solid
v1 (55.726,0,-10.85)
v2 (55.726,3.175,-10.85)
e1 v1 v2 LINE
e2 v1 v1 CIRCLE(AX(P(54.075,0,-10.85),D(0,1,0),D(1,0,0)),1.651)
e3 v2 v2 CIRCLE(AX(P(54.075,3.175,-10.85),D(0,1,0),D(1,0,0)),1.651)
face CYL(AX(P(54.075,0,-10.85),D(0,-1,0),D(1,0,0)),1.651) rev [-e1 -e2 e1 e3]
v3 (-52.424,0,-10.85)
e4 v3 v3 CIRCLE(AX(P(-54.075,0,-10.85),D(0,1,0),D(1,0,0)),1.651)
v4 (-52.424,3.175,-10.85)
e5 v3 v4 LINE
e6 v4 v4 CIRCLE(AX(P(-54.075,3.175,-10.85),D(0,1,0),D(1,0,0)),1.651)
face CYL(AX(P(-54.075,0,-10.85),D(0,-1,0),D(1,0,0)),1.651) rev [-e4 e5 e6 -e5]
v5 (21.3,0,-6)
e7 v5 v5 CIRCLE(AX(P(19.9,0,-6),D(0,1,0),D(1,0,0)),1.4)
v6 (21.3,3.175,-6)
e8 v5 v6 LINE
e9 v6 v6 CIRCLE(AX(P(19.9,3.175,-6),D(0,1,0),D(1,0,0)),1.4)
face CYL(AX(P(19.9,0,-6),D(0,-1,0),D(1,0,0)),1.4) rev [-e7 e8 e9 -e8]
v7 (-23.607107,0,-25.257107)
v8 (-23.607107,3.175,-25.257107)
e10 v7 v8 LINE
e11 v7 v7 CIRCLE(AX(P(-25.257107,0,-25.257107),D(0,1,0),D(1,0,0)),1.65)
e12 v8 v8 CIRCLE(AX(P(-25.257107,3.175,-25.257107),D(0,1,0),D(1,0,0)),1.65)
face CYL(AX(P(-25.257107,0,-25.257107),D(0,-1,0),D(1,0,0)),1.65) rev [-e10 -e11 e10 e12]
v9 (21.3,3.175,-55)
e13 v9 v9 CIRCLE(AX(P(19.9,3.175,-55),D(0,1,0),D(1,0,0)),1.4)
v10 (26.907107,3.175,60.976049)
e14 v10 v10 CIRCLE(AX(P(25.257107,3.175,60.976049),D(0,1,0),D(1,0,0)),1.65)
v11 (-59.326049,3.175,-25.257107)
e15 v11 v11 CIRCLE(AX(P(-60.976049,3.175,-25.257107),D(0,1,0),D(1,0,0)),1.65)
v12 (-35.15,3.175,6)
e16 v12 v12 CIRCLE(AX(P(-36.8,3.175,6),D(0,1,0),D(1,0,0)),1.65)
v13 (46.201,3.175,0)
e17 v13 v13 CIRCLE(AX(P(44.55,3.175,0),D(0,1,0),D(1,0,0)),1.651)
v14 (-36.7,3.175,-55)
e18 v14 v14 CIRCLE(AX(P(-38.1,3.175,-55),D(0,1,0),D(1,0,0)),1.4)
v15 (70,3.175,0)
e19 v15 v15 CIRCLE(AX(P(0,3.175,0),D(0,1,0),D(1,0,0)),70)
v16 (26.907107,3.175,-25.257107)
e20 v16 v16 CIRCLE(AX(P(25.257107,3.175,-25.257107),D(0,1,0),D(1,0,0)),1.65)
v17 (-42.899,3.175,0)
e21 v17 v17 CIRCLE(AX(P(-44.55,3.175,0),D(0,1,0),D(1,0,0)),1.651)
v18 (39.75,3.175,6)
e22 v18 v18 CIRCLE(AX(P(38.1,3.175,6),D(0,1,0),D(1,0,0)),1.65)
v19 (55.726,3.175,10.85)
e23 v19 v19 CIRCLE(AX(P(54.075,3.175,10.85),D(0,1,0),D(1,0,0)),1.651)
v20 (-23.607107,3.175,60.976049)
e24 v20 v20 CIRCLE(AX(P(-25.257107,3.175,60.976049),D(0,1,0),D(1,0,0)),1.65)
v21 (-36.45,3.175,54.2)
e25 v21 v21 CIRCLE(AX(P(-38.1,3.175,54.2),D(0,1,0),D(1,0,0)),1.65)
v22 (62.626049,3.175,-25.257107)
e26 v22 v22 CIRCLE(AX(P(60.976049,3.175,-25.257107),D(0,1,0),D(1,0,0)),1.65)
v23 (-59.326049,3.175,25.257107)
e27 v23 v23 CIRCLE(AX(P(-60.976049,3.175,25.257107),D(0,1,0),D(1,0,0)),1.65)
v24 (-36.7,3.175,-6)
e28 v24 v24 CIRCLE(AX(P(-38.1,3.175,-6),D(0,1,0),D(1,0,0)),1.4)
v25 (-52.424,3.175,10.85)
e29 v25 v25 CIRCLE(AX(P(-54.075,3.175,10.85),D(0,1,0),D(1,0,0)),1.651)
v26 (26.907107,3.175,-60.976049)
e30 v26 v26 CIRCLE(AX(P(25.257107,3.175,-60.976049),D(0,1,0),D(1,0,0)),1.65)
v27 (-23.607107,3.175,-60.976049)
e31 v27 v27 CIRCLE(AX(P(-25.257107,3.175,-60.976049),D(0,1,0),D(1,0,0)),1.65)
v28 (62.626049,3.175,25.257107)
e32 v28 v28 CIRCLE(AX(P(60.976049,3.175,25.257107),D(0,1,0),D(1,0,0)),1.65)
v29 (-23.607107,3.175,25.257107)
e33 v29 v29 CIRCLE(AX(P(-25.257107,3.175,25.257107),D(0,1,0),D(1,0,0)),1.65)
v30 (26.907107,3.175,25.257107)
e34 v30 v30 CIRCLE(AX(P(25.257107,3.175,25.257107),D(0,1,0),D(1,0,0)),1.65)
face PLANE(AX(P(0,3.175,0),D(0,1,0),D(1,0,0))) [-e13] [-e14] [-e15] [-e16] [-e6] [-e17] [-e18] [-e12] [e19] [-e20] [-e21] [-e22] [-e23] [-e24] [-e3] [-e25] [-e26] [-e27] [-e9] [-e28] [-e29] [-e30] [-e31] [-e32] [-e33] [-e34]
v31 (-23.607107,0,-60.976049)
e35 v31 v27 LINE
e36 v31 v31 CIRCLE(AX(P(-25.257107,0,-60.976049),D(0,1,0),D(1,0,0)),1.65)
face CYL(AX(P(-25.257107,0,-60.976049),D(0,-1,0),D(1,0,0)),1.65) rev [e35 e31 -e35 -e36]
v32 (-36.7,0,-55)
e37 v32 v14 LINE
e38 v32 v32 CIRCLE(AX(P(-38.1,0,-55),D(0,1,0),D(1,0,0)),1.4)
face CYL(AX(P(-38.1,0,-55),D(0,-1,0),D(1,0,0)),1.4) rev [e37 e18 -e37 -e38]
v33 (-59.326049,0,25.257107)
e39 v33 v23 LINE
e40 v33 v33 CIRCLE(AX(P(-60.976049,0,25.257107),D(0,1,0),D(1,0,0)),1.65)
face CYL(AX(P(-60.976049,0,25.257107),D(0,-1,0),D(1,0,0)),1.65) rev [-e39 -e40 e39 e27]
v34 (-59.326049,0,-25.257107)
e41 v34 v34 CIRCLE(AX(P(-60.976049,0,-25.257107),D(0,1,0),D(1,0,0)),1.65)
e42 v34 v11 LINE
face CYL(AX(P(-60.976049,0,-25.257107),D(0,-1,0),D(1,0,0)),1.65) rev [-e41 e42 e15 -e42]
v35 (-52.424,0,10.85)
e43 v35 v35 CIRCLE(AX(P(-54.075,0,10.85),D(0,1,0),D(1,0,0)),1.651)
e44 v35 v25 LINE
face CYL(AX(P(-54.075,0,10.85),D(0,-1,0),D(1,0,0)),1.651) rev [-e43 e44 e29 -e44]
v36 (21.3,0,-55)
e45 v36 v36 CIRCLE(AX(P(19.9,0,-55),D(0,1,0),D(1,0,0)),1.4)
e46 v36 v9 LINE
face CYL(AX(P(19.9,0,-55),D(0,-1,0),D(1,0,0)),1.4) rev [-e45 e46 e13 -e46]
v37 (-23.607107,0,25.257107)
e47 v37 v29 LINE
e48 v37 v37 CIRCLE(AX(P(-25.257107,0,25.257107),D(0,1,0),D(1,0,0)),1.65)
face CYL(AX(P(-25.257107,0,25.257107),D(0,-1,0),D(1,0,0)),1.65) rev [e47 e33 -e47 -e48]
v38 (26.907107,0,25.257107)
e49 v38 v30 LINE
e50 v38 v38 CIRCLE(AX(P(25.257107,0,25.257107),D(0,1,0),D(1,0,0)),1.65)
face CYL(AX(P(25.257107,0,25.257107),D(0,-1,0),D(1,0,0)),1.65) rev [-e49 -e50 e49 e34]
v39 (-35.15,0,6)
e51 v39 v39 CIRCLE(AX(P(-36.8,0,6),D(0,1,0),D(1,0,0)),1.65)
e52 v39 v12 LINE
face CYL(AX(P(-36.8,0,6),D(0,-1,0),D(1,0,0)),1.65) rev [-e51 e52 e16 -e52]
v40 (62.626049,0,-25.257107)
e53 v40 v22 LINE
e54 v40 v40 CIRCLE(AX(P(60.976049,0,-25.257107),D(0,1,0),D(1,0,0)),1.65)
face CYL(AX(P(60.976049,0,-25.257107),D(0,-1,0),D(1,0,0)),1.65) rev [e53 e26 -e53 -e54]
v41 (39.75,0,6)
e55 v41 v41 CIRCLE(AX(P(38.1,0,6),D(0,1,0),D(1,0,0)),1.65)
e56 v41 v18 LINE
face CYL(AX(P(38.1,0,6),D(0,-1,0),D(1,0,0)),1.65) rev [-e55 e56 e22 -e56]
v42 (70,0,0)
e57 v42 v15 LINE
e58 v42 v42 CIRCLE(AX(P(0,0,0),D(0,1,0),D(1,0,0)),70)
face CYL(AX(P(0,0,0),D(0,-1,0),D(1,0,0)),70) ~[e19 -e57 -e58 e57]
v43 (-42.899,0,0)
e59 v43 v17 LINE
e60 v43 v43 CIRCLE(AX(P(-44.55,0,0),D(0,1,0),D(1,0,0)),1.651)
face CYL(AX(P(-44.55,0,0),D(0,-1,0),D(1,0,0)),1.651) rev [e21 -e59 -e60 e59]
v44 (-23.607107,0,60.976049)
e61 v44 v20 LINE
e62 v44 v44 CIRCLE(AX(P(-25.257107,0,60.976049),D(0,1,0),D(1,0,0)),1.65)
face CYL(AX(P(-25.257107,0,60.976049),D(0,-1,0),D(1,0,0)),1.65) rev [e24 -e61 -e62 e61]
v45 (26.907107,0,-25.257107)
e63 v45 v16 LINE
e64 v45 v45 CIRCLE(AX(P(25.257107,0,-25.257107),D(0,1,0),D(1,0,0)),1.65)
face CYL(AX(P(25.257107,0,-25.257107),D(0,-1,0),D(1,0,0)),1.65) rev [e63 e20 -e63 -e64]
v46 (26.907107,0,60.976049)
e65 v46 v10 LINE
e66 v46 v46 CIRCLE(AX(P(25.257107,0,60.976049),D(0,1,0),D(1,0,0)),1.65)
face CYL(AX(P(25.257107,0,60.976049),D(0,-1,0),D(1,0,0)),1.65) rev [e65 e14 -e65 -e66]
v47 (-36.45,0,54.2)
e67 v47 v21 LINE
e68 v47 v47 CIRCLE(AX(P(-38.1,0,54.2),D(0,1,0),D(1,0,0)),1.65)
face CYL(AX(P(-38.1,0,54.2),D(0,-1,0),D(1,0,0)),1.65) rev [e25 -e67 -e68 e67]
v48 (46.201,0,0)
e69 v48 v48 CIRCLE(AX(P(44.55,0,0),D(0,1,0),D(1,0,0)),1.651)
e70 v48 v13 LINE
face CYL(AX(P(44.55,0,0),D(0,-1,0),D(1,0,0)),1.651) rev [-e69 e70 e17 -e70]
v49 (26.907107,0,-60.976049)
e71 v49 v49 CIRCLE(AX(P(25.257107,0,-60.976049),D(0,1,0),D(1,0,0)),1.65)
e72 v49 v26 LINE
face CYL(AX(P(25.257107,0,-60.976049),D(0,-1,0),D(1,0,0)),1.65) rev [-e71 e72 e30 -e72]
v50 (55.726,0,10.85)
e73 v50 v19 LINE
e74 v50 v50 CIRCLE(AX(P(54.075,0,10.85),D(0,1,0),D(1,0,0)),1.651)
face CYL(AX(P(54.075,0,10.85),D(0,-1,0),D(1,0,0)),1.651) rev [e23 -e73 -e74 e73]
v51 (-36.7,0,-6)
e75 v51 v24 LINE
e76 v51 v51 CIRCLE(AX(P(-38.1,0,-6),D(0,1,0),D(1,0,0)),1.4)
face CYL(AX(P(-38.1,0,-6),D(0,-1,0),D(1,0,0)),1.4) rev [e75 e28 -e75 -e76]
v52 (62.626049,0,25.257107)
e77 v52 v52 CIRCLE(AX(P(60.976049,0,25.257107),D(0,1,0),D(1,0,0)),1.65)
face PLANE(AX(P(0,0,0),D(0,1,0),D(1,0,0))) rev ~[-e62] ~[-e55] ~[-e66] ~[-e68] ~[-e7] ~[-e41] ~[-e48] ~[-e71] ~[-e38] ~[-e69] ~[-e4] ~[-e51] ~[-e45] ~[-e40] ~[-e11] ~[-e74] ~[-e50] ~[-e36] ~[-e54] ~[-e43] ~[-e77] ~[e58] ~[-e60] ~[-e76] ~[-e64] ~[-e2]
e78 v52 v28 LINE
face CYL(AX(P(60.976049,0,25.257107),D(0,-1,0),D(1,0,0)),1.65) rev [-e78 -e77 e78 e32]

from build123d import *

# Parameters (mm, degrees)
BASE_W_MOTOR_MOUNTS_R     = 70
BASE_W_MOTOR_MOUNTS_R_2   = 1.651
BOSS_EXTRUDE1_DEPTH       = 3.175
STANDOFFS_TOP_BOTTOM_R    = 1.65
CUT_EXTRUDE2_DEPTH        = 3.175
PI_AND_MEGA_STANDOFFS_R   = 1.4
PI_AND_MEGA_STANDOFFS_R_2 = 1.65
CUT_EXTRUDE3_DEPTH        = 3.175


with BuildPart() as part:
    # Base w/ Motor Mounts → Boss-Extrude1 (new body)
    with BuildSketch(Plane(origin=(0, 0, 0), x_dir=(1, 0, 0), z_dir=(0, 1, 0))):
        Circle(BASE_W_MOTOR_MOUNTS_R)
        with Locations((44.55, 0)):
            Circle(BASE_W_MOTOR_MOUNTS_R_2, mode=Mode.SUBTRACT)
        with Locations((54.075, 10.85)):
            Circle(BASE_W_MOTOR_MOUNTS_R_2, mode=Mode.SUBTRACT)
        with Locations((54.075, -10.85)):
            Circle(BASE_W_MOTOR_MOUNTS_R_2, mode=Mode.SUBTRACT)
        with Locations((-54.075, -10.85)):
            Circle(BASE_W_MOTOR_MOUNTS_R_2, mode=Mode.SUBTRACT)
        with Locations((-54.075, 10.85)):
            Circle(BASE_W_MOTOR_MOUNTS_R_2, mode=Mode.SUBTRACT)
        with Locations((-44.55, 0)):
            Circle(BASE_W_MOTOR_MOUNTS_R_2, mode=Mode.SUBTRACT)
    extrude(amount=BOSS_EXTRUDE1_DEPTH)

    # Standoffs (top / bottom) → Cut-Extrude2 (cut)
    with BuildSketch(Plane(origin=(0, 0, 0), x_dir=(1, 0, 0), z_dir=(0, 1, 0))):
        with Locations((25.257106536, 60.976049146)):
            Circle(STANDOFFS_TOP_BOTTOM_R)
        with Locations((60.976049146, 25.257106536)):
            Circle(STANDOFFS_TOP_BOTTOM_R)
        with Locations((25.257106536, 25.257106536)):
            Circle(STANDOFFS_TOP_BOTTOM_R)
        with Locations((25.257106536, -25.257106536)):
            Circle(STANDOFFS_TOP_BOTTOM_R)
        with Locations((60.976049146, -25.257106536)):
            Circle(STANDOFFS_TOP_BOTTOM_R)
        with Locations((25.257106536, -60.976049146)):
            Circle(STANDOFFS_TOP_BOTTOM_R)
        with Locations((-25.257106536, -60.976049146)):
            Circle(STANDOFFS_TOP_BOTTOM_R)
        with Locations((-60.976049146, -25.257106536)):
            Circle(STANDOFFS_TOP_BOTTOM_R)
        with Locations((-25.257106536, -25.257106536)):
            Circle(STANDOFFS_TOP_BOTTOM_R)
        with Locations((-25.257106536, 25.257106536)):
            Circle(STANDOFFS_TOP_BOTTOM_R)
        with Locations((-60.976049146, 25.257106536)):
            Circle(STANDOFFS_TOP_BOTTOM_R)
        with Locations((-25.257106536, 60.976049146)):
            Circle(STANDOFFS_TOP_BOTTOM_R)
    extrude(amount=CUT_EXTRUDE2_DEPTH, mode=Mode.SUBTRACT)

    # Pi and Mega Standoffs → Cut-Extrude3 (cut)
    with BuildSketch(Plane(origin=(0, 0, 0), x_dir=(1, 0, 0), z_dir=(0, 1, 0))):
        with Locations((-38.1, 55)):
            Circle(PI_AND_MEGA_STANDOFFS_R)
        with Locations((19.9, 55)):
            Circle(PI_AND_MEGA_STANDOFFS_R)
        with Locations((19.9, 6)):
            Circle(PI_AND_MEGA_STANDOFFS_R)
        with Locations((-38.1, 6)):
            Circle(PI_AND_MEGA_STANDOFFS_R)
        with Locations((-38.1, -54.2)):
            Circle(PI_AND_MEGA_STANDOFFS_R_2)
        with Locations((-36.8, -6)):
            Circle(PI_AND_MEGA_STANDOFFS_R_2)
        with Locations((38.1, -6)):
            Circle(PI_AND_MEGA_STANDOFFS_R_2)
    extrude(amount=CUT_EXTRUDE3_DEPTH, mode=Mode.SUBTRACT)


solid = part.part
